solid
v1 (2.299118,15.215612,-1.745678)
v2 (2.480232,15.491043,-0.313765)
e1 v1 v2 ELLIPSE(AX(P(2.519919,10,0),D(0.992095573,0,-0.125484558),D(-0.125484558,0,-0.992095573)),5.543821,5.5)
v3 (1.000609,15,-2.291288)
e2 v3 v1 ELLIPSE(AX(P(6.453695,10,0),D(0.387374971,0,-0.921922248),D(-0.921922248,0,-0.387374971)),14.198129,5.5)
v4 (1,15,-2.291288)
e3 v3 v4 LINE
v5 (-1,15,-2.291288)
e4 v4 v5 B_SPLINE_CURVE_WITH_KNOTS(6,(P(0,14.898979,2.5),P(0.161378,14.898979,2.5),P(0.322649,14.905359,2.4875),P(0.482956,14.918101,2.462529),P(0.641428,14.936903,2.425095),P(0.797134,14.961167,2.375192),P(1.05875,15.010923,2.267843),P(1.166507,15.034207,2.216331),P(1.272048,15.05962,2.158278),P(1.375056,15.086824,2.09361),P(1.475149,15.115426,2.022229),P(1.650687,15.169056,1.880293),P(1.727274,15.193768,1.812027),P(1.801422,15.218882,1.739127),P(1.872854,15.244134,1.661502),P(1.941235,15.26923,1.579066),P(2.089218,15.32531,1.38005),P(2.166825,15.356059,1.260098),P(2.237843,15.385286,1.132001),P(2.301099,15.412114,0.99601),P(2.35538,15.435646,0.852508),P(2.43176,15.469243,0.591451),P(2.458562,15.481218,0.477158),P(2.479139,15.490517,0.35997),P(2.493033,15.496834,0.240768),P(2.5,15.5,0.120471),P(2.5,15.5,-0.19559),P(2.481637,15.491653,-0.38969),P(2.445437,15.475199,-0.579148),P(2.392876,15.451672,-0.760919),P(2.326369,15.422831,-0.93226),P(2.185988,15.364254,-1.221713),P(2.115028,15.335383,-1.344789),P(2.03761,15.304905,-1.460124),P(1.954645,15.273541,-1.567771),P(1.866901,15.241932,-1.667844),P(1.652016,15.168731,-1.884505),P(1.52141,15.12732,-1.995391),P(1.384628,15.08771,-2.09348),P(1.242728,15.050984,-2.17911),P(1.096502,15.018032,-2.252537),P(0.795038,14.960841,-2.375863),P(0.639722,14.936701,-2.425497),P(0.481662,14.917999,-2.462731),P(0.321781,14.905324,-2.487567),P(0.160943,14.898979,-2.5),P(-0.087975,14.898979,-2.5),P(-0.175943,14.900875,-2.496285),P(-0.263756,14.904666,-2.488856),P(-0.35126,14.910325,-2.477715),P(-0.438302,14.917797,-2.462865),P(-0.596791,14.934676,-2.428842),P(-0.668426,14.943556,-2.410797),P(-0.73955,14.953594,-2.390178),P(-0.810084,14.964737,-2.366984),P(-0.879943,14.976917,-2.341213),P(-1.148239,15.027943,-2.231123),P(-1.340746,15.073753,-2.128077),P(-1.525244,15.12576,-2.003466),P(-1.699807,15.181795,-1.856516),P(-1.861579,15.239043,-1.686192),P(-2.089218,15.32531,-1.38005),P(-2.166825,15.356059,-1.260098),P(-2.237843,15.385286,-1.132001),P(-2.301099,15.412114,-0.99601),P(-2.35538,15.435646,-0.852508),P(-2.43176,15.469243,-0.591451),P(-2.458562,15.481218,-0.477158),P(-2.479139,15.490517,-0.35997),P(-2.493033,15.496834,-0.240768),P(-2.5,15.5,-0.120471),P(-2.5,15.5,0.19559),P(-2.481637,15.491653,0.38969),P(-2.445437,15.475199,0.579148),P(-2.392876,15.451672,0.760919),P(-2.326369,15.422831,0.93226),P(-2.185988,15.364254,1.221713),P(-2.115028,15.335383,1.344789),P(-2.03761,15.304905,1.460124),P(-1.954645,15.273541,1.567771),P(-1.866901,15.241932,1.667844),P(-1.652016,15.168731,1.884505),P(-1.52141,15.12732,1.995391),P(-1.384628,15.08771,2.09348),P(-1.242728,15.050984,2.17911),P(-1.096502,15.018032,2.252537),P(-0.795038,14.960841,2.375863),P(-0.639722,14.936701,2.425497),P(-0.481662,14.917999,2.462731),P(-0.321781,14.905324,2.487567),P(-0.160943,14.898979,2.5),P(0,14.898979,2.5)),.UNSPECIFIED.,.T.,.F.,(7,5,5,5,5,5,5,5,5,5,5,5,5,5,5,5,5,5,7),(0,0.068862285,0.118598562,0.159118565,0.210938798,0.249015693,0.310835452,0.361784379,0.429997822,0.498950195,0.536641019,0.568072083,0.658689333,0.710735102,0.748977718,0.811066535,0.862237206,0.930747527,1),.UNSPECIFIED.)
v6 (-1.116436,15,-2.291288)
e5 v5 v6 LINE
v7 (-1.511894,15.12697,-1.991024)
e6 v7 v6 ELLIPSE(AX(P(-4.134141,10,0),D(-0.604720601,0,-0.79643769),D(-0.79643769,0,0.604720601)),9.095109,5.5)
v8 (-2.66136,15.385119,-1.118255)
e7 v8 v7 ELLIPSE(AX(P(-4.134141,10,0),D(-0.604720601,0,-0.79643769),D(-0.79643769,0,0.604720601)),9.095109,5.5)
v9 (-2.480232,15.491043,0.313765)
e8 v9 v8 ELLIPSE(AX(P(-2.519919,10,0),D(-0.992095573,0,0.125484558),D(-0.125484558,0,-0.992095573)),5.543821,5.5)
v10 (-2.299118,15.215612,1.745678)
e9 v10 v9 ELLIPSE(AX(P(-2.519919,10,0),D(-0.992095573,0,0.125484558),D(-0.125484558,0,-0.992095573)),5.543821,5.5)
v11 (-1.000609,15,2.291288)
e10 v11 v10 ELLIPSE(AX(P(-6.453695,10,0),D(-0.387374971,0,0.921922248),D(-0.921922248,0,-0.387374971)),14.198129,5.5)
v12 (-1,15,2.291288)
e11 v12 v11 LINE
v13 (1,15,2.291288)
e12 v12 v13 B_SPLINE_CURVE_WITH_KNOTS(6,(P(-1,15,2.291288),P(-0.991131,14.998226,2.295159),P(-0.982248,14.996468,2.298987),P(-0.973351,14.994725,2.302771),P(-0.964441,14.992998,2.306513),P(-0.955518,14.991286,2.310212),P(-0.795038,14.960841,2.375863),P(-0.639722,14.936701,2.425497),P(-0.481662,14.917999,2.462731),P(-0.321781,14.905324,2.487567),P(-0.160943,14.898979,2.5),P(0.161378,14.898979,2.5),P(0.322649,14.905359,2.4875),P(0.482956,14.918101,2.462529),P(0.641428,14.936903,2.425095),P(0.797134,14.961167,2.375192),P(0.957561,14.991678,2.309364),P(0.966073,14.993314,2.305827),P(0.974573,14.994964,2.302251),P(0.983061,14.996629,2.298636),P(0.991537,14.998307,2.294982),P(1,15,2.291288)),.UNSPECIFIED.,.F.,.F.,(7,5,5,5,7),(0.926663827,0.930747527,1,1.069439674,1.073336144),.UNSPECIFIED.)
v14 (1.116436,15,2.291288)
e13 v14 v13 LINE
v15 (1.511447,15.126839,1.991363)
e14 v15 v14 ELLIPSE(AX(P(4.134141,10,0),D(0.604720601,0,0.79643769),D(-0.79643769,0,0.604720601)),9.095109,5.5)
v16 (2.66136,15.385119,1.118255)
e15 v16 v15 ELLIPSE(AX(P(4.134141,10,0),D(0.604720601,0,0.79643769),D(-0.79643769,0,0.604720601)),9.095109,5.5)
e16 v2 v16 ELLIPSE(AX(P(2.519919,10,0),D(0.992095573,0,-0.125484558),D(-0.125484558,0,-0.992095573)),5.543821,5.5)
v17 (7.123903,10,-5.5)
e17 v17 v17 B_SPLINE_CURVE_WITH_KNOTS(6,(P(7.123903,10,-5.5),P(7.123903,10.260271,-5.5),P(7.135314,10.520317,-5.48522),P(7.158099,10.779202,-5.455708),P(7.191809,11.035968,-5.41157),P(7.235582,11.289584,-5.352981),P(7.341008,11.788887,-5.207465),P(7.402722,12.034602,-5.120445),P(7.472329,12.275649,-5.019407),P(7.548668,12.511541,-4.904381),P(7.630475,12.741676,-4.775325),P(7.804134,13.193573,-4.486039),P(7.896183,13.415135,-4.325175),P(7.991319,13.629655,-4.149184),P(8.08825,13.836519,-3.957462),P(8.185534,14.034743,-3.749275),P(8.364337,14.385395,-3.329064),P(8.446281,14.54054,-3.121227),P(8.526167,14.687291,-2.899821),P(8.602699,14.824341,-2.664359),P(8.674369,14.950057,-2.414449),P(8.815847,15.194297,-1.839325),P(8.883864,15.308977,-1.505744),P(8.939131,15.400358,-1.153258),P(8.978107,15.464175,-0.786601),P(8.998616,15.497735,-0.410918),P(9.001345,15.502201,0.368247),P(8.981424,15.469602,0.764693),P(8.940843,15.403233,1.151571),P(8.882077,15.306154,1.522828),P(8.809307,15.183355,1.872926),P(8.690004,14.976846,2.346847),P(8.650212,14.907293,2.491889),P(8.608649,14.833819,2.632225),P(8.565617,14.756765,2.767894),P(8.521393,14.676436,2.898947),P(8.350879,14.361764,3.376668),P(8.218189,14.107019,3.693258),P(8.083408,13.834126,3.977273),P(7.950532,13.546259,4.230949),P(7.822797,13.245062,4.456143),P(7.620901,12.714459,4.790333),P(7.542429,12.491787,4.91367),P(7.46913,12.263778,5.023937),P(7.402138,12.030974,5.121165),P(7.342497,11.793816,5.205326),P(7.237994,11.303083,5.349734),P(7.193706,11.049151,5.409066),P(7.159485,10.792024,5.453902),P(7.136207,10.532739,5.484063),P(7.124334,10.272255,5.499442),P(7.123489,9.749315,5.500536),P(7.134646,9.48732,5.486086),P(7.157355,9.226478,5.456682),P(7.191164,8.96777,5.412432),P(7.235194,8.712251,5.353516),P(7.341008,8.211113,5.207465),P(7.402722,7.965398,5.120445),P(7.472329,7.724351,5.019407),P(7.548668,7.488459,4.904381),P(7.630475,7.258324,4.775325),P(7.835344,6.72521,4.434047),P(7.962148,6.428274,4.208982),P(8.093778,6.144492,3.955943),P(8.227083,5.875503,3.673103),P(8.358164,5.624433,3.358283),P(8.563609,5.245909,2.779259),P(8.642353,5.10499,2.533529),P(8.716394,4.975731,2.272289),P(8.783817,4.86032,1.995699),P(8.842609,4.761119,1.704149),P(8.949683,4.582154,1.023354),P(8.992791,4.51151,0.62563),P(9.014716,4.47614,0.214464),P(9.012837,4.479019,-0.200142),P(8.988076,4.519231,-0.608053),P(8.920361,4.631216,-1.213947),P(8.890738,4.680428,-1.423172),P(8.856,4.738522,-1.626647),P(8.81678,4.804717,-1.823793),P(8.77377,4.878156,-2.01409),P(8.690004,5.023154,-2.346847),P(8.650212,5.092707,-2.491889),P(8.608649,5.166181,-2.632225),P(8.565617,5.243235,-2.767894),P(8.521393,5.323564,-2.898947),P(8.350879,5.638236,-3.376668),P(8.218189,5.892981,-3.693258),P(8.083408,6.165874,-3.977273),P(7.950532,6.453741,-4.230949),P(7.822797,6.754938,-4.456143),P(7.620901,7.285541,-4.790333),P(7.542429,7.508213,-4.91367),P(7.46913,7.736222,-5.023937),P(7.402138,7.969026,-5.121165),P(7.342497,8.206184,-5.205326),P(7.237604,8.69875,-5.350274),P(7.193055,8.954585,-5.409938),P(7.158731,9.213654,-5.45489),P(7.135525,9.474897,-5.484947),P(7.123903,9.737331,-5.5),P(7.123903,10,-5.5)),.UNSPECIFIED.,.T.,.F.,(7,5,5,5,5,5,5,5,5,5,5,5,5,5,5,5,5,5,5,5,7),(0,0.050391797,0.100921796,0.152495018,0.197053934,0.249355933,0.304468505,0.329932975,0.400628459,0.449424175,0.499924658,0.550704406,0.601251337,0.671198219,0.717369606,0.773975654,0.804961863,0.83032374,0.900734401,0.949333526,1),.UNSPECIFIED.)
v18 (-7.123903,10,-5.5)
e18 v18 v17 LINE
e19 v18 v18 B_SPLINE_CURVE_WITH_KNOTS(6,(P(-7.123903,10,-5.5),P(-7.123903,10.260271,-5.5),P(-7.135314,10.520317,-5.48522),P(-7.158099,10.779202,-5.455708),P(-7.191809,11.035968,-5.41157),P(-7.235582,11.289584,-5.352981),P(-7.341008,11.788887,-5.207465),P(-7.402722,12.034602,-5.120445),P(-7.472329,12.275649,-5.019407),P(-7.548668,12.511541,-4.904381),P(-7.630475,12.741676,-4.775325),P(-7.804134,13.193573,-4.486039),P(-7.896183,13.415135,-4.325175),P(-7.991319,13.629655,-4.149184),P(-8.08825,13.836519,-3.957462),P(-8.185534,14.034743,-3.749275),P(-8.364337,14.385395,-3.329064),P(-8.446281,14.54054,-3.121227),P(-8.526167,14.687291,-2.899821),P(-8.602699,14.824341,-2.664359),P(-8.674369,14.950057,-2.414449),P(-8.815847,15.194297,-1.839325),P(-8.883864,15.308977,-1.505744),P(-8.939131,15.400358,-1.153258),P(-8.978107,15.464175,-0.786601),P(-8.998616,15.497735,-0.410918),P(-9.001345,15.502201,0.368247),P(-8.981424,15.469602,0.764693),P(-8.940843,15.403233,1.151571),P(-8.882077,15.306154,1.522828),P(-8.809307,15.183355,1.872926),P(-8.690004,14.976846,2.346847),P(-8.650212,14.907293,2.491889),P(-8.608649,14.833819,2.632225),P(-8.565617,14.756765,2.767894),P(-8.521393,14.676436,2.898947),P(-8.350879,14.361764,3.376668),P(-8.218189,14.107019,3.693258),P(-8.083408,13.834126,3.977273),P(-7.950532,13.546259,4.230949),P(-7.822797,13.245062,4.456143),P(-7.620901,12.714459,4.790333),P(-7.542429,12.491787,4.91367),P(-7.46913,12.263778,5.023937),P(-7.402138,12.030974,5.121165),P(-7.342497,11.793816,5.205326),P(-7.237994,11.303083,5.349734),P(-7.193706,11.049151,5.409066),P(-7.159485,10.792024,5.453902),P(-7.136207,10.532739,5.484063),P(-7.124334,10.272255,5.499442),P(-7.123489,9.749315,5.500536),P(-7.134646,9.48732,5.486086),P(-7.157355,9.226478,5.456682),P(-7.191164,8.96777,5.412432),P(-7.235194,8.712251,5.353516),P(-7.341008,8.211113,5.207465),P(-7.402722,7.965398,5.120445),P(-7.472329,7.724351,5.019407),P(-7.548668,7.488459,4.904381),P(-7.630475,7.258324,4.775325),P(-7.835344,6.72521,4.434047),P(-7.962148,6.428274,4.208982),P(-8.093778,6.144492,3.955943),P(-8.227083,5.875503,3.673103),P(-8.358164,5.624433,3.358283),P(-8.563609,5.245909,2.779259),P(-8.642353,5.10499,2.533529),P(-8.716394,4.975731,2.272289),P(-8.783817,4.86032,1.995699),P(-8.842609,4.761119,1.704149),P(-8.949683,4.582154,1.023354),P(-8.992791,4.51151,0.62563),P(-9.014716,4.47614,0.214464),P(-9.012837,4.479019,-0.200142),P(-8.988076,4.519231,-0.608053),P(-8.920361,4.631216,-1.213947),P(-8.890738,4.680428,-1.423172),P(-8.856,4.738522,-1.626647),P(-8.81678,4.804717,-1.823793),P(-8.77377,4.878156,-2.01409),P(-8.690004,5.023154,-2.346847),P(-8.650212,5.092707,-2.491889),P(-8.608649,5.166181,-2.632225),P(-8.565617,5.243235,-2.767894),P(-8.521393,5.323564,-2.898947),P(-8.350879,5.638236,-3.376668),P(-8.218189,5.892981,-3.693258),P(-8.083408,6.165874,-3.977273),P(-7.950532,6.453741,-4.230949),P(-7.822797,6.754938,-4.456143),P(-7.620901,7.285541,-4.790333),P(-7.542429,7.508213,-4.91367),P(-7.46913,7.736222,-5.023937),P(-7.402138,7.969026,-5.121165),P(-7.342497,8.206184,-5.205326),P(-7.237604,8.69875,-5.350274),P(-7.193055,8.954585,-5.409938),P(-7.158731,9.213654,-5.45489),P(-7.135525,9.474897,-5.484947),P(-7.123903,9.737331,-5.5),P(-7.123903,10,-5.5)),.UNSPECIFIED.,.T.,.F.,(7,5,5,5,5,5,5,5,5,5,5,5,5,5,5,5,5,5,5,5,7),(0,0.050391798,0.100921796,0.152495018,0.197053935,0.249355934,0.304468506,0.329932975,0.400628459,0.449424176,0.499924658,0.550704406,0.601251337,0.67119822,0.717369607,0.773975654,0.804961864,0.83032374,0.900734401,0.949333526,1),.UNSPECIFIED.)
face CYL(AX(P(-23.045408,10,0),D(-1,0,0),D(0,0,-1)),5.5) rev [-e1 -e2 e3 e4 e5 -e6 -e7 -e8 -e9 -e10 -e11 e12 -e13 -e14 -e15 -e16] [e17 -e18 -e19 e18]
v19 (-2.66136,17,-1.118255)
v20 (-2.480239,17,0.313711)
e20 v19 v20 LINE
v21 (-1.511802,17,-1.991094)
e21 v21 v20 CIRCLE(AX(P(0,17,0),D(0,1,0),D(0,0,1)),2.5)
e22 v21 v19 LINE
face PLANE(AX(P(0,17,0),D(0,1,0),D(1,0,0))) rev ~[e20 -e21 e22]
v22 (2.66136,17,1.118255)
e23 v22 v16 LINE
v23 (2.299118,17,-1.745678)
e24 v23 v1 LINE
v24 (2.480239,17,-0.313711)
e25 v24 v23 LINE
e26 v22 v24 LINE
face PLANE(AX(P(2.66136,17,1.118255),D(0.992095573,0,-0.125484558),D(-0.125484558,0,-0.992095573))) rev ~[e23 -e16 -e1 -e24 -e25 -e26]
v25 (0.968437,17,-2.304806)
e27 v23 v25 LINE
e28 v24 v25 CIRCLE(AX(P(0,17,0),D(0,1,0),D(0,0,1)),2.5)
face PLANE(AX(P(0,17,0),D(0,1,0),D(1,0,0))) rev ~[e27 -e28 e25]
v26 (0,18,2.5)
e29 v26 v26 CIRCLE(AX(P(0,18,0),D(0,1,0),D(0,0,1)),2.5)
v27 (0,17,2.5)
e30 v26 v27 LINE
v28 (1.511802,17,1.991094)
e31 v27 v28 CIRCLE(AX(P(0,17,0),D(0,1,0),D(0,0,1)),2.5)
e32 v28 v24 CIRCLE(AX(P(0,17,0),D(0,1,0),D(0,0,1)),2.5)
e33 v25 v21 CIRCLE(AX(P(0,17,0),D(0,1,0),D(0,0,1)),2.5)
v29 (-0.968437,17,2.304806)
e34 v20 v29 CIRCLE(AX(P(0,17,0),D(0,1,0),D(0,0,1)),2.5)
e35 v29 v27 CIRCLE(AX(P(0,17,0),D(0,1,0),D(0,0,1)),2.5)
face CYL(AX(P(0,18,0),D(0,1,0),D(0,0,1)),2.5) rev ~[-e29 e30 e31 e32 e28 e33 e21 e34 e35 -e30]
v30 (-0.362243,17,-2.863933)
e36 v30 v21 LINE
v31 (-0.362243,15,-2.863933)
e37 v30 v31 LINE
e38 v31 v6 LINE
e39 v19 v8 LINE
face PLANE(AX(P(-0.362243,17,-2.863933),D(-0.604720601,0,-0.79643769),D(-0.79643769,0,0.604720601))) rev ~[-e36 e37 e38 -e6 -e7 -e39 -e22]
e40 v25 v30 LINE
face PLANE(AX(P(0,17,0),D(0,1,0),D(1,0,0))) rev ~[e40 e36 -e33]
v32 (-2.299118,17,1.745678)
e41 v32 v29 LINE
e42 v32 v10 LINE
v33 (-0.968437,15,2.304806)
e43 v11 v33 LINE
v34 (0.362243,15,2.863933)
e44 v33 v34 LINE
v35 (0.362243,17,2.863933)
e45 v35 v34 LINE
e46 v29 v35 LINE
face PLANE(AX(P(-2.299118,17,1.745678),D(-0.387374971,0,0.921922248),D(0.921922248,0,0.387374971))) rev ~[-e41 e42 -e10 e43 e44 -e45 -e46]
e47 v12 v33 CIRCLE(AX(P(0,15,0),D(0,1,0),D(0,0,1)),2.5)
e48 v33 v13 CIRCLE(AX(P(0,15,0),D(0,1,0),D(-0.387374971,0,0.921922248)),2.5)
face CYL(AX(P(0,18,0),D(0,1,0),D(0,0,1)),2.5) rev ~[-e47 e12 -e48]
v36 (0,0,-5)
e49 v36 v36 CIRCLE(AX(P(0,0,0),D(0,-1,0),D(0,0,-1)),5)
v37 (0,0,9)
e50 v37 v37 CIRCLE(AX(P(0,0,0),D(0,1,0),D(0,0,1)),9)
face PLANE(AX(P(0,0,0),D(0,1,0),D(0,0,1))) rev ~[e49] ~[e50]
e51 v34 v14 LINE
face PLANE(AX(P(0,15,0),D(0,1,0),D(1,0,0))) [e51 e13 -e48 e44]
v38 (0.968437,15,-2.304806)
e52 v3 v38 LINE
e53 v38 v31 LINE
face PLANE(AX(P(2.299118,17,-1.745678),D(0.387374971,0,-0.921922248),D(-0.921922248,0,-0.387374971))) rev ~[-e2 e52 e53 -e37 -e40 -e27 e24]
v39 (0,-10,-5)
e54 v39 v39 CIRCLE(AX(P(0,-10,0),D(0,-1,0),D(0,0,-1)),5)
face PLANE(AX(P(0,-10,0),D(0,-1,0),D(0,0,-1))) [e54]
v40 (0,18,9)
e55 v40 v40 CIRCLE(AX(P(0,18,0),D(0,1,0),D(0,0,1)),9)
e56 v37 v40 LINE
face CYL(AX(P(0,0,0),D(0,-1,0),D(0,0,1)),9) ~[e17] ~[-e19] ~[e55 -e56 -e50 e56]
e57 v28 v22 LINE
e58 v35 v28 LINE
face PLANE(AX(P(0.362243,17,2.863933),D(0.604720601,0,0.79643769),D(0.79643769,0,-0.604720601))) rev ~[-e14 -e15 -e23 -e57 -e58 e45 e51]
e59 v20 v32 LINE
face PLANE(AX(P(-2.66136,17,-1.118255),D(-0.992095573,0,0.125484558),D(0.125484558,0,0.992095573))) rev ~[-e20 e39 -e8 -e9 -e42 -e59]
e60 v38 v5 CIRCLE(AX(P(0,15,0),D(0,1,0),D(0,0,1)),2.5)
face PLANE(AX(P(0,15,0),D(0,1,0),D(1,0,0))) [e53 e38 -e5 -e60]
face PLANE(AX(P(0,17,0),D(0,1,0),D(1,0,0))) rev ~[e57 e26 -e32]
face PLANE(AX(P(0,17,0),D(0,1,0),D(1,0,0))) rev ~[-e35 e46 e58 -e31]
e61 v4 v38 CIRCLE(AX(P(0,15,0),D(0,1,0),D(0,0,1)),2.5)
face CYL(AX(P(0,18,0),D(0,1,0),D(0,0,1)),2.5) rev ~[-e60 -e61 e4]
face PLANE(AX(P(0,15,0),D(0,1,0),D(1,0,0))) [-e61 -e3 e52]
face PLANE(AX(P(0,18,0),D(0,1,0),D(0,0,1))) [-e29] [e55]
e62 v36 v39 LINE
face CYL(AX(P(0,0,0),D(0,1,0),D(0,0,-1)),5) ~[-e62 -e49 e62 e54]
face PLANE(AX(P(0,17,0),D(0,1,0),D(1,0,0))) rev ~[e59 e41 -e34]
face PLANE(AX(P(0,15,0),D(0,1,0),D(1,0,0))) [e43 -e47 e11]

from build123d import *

# Parameters (mm, degrees)
SKETCH1_R               = 9
BOSS_EXTRUDE1_DEPTH     = 18
CUT_EXTRUDE1_DEPTH      = 23.045407685
CUT_EXTRUDE1_DEPTH_BACK = 23.045407685
SKETCH4_R               = 5.5
SKETCH2_R               = 2.5
CUT_EXTRUDE2_DEPTH      = 5
CUT_EXTRUDE6_START      = -1
CUT_EXTRUDE6_DEPTH      = 2
SKETCH8_R               = 5
BOSS_EXTRUDE2_DEPTH     = 10


with BuildPart() as part:
    # Sketch1 → Boss-Extrude1 (new body)
    with BuildSketch(Plane(origin=(0, 0, 0), x_dir=(1, 0, 0), z_dir=(0, 1, 0))):
        with Locations(Location((0, 0, 0), (0, 0, 270))):
            Circle(SKETCH1_R)
    extrude(amount=BOSS_EXTRUDE1_DEPTH)

    # Sketch4 → Cut-Extrude1 (cut, two sides: drawn at the far end of the back side and taken through both)
    with BuildSketch(Plane(origin=(0, 0, 0), x_dir=(0, 0, -1), z_dir=(1, 0, 0)).offset(-CUT_EXTRUDE1_DEPTH_BACK)):
        with Locations((0, 10)):
            Circle(SKETCH4_R)
    extrude(amount=CUT_EXTRUDE1_DEPTH + CUT_EXTRUDE1_DEPTH_BACK, mode=Mode.SUBTRACT)

    # Sketch2 → Cut-Extrude2 (cut)
    with BuildSketch(Plane(origin=(0, 18, 0), x_dir=(1, 0, 0), z_dir=(0, 1, 0))):
        with Locations(Location((0, 0, 0), (0, 0, 270))):
            Circle(SKETCH2_R)
    extrude(amount=-CUT_EXTRUDE2_DEPTH, mode=Mode.SUBTRACT)

    # Sketch7 → Cut-Extrude6 (cut)
    with BuildSketch(Plane(origin=(0, 18, 0), x_dir=(1, 0, 0), z_dir=(0, 1, 0)).offset(CUT_EXTRUDE6_START)):
        Polygon((-2.299117574, -1.74567801), (0.362242716, -2.86393323), (2.66136029, -1.118255221), (2.299117574, 1.74567801), (-0.362242716, 2.86393323), (-2.66136029, 1.118255221), align=None)
    extrude(amount=-CUT_EXTRUDE6_DEPTH, mode=Mode.SUBTRACT)

    # Sketch8 → Boss-Extrude2 (add)
    with BuildSketch(Plane.XZ):
        with Locations(Location((0, 0, 0), (0, 0, 270))):
            Circle(SKETCH8_R)
    extrude(amount=BOSS_EXTRUDE2_DEPTH)


solid = part.part
